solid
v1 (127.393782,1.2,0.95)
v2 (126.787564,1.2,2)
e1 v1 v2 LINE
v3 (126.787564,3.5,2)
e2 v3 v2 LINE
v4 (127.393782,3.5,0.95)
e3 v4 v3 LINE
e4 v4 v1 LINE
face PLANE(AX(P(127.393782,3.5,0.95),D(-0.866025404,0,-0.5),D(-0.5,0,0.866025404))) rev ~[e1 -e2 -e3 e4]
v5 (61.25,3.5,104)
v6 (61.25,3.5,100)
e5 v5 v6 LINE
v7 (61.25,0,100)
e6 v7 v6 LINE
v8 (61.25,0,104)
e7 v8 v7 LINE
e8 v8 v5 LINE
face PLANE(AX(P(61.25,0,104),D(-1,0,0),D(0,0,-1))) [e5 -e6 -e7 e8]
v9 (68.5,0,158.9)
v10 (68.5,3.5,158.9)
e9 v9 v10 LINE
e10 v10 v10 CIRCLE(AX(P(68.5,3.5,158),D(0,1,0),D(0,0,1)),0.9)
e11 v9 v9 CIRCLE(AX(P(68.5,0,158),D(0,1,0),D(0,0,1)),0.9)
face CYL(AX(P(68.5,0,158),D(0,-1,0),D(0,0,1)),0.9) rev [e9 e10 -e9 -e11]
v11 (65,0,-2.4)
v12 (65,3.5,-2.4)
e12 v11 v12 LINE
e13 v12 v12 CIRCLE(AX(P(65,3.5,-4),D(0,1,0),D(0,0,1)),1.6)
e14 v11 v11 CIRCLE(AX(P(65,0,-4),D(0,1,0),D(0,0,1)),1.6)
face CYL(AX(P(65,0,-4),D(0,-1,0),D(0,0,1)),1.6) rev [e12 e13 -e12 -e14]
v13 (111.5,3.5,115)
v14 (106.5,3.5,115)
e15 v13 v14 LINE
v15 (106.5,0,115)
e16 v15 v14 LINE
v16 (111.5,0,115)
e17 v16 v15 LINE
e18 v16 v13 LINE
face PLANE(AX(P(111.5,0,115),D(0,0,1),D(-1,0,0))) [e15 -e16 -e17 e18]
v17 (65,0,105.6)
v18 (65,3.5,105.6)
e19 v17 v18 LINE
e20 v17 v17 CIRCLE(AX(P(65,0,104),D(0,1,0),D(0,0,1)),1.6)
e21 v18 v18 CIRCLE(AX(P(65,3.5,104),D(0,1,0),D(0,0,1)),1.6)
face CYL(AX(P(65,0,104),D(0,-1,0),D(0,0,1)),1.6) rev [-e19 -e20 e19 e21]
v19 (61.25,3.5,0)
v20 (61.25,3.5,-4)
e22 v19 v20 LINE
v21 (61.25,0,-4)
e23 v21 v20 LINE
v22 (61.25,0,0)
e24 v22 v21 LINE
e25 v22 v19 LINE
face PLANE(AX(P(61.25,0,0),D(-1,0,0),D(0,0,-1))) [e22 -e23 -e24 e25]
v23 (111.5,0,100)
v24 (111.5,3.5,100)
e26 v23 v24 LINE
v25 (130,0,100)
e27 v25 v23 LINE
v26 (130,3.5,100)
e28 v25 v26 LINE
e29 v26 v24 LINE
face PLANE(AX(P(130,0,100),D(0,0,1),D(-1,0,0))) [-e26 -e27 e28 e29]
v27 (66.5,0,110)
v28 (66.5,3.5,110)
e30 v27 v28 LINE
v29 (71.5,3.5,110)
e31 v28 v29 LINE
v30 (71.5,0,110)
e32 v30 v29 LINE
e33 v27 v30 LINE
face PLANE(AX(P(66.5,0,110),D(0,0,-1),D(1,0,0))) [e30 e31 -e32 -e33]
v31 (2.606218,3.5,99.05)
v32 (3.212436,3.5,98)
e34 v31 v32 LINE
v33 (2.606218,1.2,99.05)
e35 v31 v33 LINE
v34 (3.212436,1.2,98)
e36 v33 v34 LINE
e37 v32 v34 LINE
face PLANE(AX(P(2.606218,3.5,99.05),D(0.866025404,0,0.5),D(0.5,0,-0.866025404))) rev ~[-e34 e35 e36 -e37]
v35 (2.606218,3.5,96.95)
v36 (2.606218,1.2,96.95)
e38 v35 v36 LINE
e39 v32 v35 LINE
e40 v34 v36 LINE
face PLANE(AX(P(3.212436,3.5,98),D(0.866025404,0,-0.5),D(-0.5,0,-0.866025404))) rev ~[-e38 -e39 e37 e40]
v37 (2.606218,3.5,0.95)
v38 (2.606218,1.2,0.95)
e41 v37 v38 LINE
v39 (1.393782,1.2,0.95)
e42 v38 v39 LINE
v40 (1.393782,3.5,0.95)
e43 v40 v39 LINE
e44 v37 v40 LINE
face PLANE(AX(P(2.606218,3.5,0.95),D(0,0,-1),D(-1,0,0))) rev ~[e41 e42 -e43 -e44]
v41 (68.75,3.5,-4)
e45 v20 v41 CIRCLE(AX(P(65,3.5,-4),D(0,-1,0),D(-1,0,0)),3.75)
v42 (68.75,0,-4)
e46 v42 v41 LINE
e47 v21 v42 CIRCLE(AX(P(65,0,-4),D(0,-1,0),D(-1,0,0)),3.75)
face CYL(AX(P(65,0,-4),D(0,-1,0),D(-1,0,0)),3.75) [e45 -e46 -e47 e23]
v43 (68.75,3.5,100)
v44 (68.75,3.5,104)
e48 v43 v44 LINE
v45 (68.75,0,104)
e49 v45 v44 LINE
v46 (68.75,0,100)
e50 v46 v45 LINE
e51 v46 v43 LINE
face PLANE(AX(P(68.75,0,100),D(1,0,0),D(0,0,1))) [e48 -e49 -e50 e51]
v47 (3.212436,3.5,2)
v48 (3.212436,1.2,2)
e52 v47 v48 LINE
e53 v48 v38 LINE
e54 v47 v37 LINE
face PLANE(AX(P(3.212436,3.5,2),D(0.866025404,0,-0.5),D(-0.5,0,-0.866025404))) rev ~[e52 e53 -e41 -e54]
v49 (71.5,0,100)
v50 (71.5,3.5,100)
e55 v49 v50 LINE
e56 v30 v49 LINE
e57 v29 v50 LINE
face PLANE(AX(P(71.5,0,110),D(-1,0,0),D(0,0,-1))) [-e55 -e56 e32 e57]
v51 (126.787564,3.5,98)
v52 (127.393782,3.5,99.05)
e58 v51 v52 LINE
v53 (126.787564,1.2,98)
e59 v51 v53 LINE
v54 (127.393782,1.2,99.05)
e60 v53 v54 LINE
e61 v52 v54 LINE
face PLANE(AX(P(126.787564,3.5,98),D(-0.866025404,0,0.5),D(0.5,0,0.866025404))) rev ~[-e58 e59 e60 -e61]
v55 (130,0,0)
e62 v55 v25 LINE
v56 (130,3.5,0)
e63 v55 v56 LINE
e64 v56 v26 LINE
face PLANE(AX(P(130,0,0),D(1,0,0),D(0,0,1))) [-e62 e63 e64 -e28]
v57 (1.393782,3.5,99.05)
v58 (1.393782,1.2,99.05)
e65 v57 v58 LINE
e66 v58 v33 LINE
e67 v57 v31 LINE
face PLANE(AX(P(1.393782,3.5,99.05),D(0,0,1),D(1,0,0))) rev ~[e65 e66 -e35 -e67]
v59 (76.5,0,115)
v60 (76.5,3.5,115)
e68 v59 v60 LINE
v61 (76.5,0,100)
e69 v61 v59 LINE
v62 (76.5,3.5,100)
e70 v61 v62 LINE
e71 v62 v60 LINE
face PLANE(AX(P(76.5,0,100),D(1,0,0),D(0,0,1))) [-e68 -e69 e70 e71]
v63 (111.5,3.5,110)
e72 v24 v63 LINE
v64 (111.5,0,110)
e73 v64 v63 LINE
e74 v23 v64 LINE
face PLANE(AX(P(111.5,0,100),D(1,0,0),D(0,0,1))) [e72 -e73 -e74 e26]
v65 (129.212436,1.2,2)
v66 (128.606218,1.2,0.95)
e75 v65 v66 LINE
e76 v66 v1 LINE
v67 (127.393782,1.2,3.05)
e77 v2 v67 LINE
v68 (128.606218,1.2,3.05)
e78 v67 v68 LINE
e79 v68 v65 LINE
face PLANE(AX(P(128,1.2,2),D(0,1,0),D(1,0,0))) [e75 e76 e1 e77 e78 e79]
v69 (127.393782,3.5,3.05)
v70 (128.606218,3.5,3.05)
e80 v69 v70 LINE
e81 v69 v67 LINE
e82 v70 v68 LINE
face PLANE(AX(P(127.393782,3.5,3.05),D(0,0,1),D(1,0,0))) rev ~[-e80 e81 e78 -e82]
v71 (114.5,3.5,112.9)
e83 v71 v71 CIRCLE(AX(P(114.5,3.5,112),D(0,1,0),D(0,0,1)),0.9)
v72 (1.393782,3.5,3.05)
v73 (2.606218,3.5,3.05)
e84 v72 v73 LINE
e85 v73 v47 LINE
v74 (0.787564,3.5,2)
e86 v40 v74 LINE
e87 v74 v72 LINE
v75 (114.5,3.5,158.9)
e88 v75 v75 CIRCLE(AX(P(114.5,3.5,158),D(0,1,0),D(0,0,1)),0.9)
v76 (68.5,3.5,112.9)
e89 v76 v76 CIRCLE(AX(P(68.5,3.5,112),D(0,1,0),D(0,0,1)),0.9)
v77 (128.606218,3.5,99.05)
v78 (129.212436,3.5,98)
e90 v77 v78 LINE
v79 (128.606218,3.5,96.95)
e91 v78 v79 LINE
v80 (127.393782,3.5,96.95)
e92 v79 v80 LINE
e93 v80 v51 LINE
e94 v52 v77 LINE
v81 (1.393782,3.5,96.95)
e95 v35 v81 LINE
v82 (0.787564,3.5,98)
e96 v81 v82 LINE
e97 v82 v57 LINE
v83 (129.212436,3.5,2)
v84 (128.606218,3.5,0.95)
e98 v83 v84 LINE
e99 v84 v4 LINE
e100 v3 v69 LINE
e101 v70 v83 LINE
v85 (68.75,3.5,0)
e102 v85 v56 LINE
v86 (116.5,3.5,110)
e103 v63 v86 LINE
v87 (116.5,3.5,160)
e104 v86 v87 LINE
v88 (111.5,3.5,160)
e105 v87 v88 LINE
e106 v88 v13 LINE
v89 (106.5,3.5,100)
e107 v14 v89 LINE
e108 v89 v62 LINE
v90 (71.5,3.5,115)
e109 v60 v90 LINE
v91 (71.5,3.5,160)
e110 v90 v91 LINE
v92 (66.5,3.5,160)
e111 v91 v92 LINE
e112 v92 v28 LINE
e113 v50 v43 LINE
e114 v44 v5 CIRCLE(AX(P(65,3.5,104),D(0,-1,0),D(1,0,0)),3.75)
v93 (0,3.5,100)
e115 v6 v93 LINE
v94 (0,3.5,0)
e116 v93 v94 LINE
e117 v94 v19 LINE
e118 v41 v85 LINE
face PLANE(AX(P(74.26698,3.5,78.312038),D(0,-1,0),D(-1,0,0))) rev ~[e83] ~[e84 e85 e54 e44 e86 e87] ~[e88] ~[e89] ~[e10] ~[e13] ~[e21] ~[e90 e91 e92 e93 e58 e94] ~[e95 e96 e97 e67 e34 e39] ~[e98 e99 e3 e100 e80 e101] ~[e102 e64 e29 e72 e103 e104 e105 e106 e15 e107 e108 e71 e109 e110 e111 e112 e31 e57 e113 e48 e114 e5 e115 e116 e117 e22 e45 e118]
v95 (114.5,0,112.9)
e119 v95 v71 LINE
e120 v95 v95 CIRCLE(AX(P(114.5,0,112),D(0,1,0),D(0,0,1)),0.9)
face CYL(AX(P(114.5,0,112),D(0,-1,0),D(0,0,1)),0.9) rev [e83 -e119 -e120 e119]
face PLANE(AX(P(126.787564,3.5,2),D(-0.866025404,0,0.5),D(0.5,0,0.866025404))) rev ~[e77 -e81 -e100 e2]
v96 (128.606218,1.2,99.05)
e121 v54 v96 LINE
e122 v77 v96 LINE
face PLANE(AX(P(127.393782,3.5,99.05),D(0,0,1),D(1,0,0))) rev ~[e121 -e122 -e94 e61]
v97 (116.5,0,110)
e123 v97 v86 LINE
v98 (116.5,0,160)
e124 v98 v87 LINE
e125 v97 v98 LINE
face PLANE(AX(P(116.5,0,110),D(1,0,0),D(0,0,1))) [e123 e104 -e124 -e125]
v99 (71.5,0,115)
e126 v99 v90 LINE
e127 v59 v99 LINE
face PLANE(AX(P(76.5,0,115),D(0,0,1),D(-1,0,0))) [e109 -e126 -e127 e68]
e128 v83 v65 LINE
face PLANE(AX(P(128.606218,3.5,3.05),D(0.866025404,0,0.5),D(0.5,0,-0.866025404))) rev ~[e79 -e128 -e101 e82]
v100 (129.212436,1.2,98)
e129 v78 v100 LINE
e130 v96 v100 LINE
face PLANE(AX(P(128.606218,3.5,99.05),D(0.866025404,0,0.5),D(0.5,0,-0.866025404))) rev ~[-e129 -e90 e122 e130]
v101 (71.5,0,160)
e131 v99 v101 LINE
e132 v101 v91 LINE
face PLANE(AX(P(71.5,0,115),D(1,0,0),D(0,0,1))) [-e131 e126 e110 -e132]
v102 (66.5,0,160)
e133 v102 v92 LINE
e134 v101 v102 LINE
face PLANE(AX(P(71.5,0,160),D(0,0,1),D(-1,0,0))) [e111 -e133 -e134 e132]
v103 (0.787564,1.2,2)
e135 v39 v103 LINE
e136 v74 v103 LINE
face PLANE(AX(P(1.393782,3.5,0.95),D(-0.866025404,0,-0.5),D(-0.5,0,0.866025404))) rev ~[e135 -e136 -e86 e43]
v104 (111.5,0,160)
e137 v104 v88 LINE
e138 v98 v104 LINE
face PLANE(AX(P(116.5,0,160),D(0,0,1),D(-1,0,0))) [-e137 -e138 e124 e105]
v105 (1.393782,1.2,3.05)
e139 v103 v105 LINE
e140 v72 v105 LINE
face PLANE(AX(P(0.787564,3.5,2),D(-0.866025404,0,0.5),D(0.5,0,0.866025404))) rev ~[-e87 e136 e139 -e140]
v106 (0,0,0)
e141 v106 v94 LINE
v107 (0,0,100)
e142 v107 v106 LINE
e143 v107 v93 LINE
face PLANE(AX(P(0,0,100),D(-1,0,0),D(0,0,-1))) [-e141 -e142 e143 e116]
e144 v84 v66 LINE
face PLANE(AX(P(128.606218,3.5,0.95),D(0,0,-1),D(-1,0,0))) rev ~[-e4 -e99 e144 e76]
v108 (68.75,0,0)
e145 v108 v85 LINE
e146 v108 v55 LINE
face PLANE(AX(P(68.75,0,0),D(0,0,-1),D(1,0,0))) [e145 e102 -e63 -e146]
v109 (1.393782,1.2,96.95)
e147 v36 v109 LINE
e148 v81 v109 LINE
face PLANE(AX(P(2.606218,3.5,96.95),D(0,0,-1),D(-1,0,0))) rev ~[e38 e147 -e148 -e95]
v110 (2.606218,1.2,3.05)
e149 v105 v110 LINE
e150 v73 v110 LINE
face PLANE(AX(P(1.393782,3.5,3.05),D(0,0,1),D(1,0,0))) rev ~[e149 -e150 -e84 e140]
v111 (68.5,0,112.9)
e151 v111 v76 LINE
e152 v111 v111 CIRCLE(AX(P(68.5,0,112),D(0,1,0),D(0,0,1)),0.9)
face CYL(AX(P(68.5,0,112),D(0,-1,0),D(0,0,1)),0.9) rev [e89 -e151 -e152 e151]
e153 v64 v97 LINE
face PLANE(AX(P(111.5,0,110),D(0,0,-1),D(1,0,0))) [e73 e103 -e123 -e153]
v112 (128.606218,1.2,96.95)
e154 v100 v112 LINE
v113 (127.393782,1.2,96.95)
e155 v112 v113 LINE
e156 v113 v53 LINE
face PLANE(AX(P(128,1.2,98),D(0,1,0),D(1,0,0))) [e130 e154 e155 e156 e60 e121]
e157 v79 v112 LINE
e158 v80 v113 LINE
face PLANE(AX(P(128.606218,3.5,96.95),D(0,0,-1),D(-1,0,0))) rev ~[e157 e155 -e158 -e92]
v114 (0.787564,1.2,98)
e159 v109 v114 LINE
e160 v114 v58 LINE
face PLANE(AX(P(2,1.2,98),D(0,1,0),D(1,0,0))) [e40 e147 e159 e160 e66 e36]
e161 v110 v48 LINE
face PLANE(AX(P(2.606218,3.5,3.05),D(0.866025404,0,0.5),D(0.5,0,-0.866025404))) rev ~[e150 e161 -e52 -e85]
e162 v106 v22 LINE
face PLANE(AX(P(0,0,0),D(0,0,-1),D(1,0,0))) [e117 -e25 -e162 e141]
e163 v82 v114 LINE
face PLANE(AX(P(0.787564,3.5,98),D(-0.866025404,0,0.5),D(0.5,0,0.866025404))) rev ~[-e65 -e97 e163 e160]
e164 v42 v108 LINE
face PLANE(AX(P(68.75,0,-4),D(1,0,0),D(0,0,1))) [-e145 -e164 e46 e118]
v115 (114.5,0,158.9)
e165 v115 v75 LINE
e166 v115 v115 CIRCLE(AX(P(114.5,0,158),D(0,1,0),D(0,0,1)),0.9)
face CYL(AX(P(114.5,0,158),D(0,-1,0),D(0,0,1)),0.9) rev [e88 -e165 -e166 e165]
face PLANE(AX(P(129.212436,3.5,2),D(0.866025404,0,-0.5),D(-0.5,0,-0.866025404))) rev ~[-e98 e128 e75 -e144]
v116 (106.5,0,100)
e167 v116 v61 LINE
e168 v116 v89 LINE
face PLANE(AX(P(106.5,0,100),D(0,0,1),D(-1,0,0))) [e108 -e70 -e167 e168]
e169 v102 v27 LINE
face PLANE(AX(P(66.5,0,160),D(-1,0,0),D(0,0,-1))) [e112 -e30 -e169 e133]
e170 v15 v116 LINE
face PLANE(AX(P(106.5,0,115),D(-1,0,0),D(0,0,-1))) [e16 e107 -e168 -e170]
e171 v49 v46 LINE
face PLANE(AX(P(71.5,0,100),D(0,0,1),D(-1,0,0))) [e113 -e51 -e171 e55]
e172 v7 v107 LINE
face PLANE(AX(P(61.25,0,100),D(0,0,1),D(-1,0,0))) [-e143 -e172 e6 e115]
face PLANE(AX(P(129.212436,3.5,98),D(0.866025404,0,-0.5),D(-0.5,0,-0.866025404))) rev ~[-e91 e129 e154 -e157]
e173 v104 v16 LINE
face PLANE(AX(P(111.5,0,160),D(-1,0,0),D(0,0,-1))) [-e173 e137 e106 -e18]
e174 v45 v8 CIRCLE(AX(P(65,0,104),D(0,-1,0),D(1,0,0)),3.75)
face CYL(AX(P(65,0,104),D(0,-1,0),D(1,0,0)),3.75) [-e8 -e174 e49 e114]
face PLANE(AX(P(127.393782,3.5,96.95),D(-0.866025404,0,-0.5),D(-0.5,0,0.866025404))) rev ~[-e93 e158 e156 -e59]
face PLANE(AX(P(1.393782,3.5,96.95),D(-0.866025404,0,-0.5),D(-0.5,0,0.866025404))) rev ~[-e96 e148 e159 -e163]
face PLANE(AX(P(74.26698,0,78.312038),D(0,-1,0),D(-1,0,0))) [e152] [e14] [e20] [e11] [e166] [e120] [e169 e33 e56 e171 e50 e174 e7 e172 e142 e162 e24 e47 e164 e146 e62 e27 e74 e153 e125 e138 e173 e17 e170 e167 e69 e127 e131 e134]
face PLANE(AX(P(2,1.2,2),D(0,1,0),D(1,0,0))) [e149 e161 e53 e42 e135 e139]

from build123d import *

# Parameters (mm, degrees)
SKETCH1_R           = 1.6
SKETCH1_R_2         = 0.9
BOSS_EXTRUDE1_DEPTH = 3.5
CUT_EXTRUDE1_DEPTH  = 2.3


with BuildPart() as part:
    # Sketch1 → Boss-Extrude1 (new body)
    with BuildSketch(Plane(origin=(0, 0, 0), x_dir=(1, 0, 0), z_dir=(0, 1, 0))):
        with BuildLine():
            Line((0, 0), (61.25, 0))
            Line((61.25, 0), (61.25, 4))
            ThreePointArc((61.25, 4), (65, 7.75), (68.75, 4))
            Line((68.75, 4), (68.75, 0))
            Line((68.75, 0), (130, 0))
            Line((130, 0), (130, -100))
            Line((130, -100), (111.5, -100))
            Line((111.5, -100), (111.5, -110))
            Line((111.5, -110), (116.5, -110))
            Line((116.5, -110), (116.5, -160))
            Line((116.5, -160), (111.5, -160))
            Line((111.5, -160), (111.5, -115))
            Line((111.5, -115), (106.5, -115))
            Line((106.5, -115), (106.5, -110))
            Line((106.5, -110), (106.5, -100))
            Line((106.5, -100), (76.5, -100))
            Line((76.5, -100), (76.5, -110))
            Line((76.5, -110), (76.5, -115))
            Line((76.5, -115), (71.5, -115))
            Line((71.5, -115), (71.5, -160))
            Line((71.5, -160), (66.5, -160))
            Line((66.5, -160), (66.5, -110))
            Line((66.5, -110), (71.5, -110))
            Line((71.5, -110), (71.5, -100))
            Line((71.5, -100), (68.75, -100))
            Line((68.75, -100), (68.75, -104))
            ThreePointArc((68.75, -104), (65, -107.75), (61.25, -104))
            Line((61.25, -104), (61.25, -100))
            Line((61.25, -100), (0, -100))
            Line((0, -100), (0, 0))
        make_face()
        with Locations(Location((65, 4, 0), (0, 0, 270))):
            Circle(SKETCH1_R, mode=Mode.SUBTRACT)
        with Locations(Location((65, -104, 0), (0, 0, 270))):
            Circle(SKETCH1_R, mode=Mode.SUBTRACT)
        with Locations(Location((114.5, -112, 0), (0, 0, 270))):
            Circle(SKETCH1_R_2, mode=Mode.SUBTRACT)
        with Locations(Location((114.5, -158, 0), (0, 0, 270))):
            Circle(SKETCH1_R_2, mode=Mode.SUBTRACT)
        with Locations(Location((68.5, -158, 0), (0, 0, 270))):
            Circle(SKETCH1_R_2, mode=Mode.SUBTRACT)
        with Locations(Location((68.5, -112, 0), (0, 0, 270))):
            Circle(SKETCH1_R_2, mode=Mode.SUBTRACT)
    extrude(amount=BOSS_EXTRUDE1_DEPTH)

    # Sketch2 → Cut-Extrude1 (cut)
    with BuildSketch(Plane(origin=(0, 3.5, 0), x_dir=(1, 0, 0), z_dir=(0, 1, 0))):
        Polygon((3.212435565, -2), (2.606217783, -0.95), (1.393782217, -0.95), (0.787564435, -2), (1.393782217, -3.05), (2.606217783, -3.05), align=None)
        Polygon((126.787564435, -2), (127.393782217, -3.05), (128.606217783, -3.05), (129.212435565, -2), (128.606217783, -0.95), (127.393782217, -0.95), align=None)
        Polygon((126.787564435, -98), (127.393782217, -99.05), (128.606217783, -99.05), (129.212435565, -98), (128.606217783, -96.95), (127.393782217, -96.95), align=None)
        Polygon((3.212435565, -98), (2.606217783, -96.95), (1.393782217, -96.95), (0.787564435, -98), (1.393782217, -99.05), (2.606217783, -99.05), align=None)
    extrude(amount=-CUT_EXTRUDE1_DEPTH, mode=Mode.SUBTRACT)


solid = part.part
